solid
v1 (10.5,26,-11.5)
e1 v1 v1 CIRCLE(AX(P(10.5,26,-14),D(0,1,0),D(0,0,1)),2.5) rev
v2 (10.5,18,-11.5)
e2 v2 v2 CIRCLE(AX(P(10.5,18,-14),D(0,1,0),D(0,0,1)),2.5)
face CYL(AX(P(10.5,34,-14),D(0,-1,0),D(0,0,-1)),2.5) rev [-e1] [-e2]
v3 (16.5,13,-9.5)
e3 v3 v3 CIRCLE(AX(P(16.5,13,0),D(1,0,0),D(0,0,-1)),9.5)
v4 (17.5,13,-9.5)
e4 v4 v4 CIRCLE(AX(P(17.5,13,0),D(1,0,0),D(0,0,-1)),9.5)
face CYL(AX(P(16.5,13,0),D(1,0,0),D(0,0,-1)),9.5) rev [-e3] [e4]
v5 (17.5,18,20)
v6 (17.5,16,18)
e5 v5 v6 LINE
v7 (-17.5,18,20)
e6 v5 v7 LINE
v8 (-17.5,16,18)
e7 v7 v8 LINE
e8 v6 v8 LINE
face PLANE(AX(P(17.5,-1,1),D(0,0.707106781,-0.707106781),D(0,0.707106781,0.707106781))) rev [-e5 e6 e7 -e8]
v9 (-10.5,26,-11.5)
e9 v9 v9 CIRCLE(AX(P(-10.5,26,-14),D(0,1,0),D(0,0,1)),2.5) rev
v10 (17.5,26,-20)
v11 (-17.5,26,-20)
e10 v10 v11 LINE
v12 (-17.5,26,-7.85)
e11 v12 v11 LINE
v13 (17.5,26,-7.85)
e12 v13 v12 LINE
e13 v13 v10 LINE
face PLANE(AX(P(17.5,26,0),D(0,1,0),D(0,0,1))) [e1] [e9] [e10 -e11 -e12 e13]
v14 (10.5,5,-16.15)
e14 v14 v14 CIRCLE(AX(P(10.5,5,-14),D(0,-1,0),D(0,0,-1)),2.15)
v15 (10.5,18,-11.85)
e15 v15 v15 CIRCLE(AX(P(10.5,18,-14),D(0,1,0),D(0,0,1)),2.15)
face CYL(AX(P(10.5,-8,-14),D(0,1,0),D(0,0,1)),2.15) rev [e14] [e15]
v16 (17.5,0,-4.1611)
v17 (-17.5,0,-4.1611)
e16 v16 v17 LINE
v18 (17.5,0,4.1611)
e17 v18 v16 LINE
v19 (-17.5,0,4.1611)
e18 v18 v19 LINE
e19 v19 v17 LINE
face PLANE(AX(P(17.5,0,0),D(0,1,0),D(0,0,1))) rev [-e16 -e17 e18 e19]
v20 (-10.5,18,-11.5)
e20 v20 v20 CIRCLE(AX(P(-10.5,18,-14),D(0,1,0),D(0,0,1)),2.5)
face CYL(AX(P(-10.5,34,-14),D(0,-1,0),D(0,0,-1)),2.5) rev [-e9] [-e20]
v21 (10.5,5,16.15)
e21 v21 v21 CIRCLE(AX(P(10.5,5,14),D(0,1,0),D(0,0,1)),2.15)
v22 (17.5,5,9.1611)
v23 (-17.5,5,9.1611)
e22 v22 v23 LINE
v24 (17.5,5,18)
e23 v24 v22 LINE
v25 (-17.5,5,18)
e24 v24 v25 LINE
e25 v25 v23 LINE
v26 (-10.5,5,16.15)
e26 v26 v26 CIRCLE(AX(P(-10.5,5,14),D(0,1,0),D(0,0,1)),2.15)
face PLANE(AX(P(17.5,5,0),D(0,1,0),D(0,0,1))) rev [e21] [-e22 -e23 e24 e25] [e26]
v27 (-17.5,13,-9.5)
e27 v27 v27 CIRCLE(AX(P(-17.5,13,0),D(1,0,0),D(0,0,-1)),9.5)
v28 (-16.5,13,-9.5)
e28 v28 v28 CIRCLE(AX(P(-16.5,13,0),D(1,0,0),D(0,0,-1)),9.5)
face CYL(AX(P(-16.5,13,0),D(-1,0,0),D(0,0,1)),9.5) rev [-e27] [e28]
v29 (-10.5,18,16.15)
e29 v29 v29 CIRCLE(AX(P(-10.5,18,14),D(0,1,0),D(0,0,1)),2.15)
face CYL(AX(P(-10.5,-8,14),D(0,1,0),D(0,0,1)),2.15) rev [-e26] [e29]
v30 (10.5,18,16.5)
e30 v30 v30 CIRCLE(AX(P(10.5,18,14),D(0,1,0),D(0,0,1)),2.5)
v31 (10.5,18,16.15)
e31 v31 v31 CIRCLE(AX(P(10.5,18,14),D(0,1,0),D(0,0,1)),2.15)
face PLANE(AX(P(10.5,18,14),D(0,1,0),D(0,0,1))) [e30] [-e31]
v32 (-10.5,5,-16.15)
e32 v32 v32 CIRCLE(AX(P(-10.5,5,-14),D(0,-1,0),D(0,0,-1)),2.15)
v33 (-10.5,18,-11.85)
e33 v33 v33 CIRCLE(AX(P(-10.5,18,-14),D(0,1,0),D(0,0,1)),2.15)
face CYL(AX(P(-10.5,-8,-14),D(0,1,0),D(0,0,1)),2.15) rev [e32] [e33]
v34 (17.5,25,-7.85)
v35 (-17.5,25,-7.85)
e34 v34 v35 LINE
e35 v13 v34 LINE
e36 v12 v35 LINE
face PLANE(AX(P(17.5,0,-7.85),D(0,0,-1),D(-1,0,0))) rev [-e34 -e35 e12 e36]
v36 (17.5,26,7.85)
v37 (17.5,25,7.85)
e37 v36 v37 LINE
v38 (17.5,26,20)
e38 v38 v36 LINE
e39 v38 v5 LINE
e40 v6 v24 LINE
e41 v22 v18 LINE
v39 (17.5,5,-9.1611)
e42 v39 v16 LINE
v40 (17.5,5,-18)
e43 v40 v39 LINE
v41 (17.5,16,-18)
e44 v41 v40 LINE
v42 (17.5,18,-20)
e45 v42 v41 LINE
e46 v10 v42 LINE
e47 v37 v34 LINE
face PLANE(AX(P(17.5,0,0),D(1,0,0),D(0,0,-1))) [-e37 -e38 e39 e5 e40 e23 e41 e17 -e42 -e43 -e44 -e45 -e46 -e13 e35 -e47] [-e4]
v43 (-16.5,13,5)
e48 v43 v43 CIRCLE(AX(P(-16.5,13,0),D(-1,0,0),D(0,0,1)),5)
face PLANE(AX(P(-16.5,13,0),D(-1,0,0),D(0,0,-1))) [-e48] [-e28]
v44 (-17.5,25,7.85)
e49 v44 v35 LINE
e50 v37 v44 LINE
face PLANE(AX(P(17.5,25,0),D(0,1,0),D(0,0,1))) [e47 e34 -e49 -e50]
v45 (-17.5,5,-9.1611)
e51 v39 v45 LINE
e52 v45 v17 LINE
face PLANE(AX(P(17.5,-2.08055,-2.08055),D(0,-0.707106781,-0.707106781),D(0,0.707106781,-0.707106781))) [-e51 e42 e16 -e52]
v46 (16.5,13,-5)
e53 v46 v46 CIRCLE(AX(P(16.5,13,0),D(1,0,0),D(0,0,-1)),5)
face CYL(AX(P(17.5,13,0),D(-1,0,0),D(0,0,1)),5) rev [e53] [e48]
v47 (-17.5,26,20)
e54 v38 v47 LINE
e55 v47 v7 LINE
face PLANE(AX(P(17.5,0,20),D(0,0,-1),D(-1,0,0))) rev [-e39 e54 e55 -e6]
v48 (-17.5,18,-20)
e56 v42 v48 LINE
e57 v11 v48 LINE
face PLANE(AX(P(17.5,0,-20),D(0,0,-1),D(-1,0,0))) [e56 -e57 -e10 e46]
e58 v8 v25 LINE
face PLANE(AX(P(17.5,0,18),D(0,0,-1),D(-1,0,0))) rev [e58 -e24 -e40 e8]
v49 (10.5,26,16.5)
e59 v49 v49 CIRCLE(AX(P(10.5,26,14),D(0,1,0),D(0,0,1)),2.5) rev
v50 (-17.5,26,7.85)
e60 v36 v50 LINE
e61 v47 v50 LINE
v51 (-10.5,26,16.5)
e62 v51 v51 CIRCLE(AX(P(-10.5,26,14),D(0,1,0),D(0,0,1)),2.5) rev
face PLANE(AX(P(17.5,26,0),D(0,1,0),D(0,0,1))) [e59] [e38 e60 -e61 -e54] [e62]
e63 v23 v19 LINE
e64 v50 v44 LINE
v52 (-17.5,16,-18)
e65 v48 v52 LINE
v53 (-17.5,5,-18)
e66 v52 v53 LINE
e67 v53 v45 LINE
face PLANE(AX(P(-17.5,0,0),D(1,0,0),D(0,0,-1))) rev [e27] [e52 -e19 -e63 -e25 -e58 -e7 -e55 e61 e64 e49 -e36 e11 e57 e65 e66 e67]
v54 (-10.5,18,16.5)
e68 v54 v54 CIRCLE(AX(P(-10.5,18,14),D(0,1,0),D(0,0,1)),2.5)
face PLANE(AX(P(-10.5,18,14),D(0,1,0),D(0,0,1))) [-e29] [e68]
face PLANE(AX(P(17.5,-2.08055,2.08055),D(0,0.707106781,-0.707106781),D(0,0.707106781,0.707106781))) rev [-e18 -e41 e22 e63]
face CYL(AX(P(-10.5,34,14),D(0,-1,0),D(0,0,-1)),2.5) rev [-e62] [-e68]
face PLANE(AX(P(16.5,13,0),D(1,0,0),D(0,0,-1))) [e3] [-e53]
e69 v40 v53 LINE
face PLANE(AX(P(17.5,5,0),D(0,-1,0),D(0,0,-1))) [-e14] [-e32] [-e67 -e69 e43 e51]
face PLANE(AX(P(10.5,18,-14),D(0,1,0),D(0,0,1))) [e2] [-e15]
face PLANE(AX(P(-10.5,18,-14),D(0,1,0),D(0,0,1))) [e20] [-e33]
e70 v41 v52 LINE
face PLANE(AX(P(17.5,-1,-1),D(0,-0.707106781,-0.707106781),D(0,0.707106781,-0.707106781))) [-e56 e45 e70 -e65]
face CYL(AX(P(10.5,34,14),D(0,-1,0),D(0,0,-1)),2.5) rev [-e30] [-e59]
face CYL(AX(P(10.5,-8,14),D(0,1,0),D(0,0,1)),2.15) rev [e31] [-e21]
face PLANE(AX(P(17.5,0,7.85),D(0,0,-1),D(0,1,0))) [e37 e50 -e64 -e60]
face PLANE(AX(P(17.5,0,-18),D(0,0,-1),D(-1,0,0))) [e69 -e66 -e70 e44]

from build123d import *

# Parameters (mm, degrees)
SKETCH1_R           = 5
BOSS_EXTRUDE1_DEPTH = 17.5
SKETCH3_R           = 2.5
CUT_EXTRUDE1_DEPTH  = 16
SKETCH4_R           = 2.15
CUT_EXTRUDE2_DEPTH  = 26
SKETCH9_R           = 9.5
CUT_EXTRUDE5_DEPTH  = 1


with BuildPart() as part:
    # Sketch1 → Boss-Extrude1 (new, symmetric)
    with BuildSketch(Plane(origin=(0, 0, 0), x_dir=(0, 0, -1), z_dir=(1, 0, 0))):
        Polygon((-20, 26), (-7.85, 26), (-7.85, 25), (7.85, 25), (7.85, 26), (20, 26), (20, 18), (18, 16), (18, 5), (9.161099759, 5), (4.161099759, 0), (-4.161099759, 0), (-9.161099759, 5), (-18, 5), (-18, 16), (-20, 18), align=None)
        with Locations((0, 13)):
            Circle(SKETCH1_R, mode=Mode.SUBTRACT)
    extrude(amount=BOSS_EXTRUDE1_DEPTH, both=True)

    # Sketch3 → Cut-Extrude1 (cut)
    with BuildSketch(Plane(origin=(0, 18, 0), x_dir=(-1, 0, 0), z_dir=(0, 1, 0))):
        with Locations(Location((-10.5, 14, 0), (0, 0, 90))):
            Circle(SKETCH3_R)
        with Locations(Location((10.5, 14, 0), (0, 0, 90))):
            Circle(SKETCH3_R)
        with Locations(Location((-10.5, -14, 0), (0, 0, 90))):
            Circle(SKETCH3_R)
        with Locations(Location((10.5, -14, 0), (0, 0, 90))):
            Circle(SKETCH3_R)
    extrude(amount=CUT_EXTRUDE1_DEPTH, mode=Mode.SUBTRACT)

    # Sketch4 → Cut-Extrude2 (cut)
    with BuildSketch(Plane(origin=(0, 18, 0), x_dir=(-1, 0, 0), z_dir=(0, 1, 0))):
        with Locations(Location((-10.5, 14, 0), (0, 0, 90))):
            Circle(SKETCH4_R)
        with Locations(Location((10.5, 14, 0), (0, 0, 90))):
            Circle(SKETCH4_R)
        with Locations(Location((10.5, -14, 0), (0, 0, 90))):
            Circle(SKETCH4_R)
        with Locations(Location((-10.5, -14, 0), (0, 0, 90))):
            Circle(SKETCH4_R)
    extrude(amount=-CUT_EXTRUDE2_DEPTH, mode=Mode.SUBTRACT)

    # Sketch9 → Cut-Extrude5 (cut)
    with BuildSketch(Plane(origin=(17.5, 0, 0), x_dir=(0, 0, -1), z_dir=(1, 0, 0))):
        with Locations((0, 13)):
            Circle(SKETCH9_R)
    cut_extrude5 = extrude(amount=-CUT_EXTRUDE5_DEPTH, mode=Mode.SUBTRACT)

    # Mirror4: Cut-Extrude5 across plane
    add(cut_extrude5.mirror(Plane(origin=(0, 0, 0), x_dir=(0, 0, 1), z_dir=(1, 0, 0))), mode=Mode.SUBTRACT)


solid = part.part
